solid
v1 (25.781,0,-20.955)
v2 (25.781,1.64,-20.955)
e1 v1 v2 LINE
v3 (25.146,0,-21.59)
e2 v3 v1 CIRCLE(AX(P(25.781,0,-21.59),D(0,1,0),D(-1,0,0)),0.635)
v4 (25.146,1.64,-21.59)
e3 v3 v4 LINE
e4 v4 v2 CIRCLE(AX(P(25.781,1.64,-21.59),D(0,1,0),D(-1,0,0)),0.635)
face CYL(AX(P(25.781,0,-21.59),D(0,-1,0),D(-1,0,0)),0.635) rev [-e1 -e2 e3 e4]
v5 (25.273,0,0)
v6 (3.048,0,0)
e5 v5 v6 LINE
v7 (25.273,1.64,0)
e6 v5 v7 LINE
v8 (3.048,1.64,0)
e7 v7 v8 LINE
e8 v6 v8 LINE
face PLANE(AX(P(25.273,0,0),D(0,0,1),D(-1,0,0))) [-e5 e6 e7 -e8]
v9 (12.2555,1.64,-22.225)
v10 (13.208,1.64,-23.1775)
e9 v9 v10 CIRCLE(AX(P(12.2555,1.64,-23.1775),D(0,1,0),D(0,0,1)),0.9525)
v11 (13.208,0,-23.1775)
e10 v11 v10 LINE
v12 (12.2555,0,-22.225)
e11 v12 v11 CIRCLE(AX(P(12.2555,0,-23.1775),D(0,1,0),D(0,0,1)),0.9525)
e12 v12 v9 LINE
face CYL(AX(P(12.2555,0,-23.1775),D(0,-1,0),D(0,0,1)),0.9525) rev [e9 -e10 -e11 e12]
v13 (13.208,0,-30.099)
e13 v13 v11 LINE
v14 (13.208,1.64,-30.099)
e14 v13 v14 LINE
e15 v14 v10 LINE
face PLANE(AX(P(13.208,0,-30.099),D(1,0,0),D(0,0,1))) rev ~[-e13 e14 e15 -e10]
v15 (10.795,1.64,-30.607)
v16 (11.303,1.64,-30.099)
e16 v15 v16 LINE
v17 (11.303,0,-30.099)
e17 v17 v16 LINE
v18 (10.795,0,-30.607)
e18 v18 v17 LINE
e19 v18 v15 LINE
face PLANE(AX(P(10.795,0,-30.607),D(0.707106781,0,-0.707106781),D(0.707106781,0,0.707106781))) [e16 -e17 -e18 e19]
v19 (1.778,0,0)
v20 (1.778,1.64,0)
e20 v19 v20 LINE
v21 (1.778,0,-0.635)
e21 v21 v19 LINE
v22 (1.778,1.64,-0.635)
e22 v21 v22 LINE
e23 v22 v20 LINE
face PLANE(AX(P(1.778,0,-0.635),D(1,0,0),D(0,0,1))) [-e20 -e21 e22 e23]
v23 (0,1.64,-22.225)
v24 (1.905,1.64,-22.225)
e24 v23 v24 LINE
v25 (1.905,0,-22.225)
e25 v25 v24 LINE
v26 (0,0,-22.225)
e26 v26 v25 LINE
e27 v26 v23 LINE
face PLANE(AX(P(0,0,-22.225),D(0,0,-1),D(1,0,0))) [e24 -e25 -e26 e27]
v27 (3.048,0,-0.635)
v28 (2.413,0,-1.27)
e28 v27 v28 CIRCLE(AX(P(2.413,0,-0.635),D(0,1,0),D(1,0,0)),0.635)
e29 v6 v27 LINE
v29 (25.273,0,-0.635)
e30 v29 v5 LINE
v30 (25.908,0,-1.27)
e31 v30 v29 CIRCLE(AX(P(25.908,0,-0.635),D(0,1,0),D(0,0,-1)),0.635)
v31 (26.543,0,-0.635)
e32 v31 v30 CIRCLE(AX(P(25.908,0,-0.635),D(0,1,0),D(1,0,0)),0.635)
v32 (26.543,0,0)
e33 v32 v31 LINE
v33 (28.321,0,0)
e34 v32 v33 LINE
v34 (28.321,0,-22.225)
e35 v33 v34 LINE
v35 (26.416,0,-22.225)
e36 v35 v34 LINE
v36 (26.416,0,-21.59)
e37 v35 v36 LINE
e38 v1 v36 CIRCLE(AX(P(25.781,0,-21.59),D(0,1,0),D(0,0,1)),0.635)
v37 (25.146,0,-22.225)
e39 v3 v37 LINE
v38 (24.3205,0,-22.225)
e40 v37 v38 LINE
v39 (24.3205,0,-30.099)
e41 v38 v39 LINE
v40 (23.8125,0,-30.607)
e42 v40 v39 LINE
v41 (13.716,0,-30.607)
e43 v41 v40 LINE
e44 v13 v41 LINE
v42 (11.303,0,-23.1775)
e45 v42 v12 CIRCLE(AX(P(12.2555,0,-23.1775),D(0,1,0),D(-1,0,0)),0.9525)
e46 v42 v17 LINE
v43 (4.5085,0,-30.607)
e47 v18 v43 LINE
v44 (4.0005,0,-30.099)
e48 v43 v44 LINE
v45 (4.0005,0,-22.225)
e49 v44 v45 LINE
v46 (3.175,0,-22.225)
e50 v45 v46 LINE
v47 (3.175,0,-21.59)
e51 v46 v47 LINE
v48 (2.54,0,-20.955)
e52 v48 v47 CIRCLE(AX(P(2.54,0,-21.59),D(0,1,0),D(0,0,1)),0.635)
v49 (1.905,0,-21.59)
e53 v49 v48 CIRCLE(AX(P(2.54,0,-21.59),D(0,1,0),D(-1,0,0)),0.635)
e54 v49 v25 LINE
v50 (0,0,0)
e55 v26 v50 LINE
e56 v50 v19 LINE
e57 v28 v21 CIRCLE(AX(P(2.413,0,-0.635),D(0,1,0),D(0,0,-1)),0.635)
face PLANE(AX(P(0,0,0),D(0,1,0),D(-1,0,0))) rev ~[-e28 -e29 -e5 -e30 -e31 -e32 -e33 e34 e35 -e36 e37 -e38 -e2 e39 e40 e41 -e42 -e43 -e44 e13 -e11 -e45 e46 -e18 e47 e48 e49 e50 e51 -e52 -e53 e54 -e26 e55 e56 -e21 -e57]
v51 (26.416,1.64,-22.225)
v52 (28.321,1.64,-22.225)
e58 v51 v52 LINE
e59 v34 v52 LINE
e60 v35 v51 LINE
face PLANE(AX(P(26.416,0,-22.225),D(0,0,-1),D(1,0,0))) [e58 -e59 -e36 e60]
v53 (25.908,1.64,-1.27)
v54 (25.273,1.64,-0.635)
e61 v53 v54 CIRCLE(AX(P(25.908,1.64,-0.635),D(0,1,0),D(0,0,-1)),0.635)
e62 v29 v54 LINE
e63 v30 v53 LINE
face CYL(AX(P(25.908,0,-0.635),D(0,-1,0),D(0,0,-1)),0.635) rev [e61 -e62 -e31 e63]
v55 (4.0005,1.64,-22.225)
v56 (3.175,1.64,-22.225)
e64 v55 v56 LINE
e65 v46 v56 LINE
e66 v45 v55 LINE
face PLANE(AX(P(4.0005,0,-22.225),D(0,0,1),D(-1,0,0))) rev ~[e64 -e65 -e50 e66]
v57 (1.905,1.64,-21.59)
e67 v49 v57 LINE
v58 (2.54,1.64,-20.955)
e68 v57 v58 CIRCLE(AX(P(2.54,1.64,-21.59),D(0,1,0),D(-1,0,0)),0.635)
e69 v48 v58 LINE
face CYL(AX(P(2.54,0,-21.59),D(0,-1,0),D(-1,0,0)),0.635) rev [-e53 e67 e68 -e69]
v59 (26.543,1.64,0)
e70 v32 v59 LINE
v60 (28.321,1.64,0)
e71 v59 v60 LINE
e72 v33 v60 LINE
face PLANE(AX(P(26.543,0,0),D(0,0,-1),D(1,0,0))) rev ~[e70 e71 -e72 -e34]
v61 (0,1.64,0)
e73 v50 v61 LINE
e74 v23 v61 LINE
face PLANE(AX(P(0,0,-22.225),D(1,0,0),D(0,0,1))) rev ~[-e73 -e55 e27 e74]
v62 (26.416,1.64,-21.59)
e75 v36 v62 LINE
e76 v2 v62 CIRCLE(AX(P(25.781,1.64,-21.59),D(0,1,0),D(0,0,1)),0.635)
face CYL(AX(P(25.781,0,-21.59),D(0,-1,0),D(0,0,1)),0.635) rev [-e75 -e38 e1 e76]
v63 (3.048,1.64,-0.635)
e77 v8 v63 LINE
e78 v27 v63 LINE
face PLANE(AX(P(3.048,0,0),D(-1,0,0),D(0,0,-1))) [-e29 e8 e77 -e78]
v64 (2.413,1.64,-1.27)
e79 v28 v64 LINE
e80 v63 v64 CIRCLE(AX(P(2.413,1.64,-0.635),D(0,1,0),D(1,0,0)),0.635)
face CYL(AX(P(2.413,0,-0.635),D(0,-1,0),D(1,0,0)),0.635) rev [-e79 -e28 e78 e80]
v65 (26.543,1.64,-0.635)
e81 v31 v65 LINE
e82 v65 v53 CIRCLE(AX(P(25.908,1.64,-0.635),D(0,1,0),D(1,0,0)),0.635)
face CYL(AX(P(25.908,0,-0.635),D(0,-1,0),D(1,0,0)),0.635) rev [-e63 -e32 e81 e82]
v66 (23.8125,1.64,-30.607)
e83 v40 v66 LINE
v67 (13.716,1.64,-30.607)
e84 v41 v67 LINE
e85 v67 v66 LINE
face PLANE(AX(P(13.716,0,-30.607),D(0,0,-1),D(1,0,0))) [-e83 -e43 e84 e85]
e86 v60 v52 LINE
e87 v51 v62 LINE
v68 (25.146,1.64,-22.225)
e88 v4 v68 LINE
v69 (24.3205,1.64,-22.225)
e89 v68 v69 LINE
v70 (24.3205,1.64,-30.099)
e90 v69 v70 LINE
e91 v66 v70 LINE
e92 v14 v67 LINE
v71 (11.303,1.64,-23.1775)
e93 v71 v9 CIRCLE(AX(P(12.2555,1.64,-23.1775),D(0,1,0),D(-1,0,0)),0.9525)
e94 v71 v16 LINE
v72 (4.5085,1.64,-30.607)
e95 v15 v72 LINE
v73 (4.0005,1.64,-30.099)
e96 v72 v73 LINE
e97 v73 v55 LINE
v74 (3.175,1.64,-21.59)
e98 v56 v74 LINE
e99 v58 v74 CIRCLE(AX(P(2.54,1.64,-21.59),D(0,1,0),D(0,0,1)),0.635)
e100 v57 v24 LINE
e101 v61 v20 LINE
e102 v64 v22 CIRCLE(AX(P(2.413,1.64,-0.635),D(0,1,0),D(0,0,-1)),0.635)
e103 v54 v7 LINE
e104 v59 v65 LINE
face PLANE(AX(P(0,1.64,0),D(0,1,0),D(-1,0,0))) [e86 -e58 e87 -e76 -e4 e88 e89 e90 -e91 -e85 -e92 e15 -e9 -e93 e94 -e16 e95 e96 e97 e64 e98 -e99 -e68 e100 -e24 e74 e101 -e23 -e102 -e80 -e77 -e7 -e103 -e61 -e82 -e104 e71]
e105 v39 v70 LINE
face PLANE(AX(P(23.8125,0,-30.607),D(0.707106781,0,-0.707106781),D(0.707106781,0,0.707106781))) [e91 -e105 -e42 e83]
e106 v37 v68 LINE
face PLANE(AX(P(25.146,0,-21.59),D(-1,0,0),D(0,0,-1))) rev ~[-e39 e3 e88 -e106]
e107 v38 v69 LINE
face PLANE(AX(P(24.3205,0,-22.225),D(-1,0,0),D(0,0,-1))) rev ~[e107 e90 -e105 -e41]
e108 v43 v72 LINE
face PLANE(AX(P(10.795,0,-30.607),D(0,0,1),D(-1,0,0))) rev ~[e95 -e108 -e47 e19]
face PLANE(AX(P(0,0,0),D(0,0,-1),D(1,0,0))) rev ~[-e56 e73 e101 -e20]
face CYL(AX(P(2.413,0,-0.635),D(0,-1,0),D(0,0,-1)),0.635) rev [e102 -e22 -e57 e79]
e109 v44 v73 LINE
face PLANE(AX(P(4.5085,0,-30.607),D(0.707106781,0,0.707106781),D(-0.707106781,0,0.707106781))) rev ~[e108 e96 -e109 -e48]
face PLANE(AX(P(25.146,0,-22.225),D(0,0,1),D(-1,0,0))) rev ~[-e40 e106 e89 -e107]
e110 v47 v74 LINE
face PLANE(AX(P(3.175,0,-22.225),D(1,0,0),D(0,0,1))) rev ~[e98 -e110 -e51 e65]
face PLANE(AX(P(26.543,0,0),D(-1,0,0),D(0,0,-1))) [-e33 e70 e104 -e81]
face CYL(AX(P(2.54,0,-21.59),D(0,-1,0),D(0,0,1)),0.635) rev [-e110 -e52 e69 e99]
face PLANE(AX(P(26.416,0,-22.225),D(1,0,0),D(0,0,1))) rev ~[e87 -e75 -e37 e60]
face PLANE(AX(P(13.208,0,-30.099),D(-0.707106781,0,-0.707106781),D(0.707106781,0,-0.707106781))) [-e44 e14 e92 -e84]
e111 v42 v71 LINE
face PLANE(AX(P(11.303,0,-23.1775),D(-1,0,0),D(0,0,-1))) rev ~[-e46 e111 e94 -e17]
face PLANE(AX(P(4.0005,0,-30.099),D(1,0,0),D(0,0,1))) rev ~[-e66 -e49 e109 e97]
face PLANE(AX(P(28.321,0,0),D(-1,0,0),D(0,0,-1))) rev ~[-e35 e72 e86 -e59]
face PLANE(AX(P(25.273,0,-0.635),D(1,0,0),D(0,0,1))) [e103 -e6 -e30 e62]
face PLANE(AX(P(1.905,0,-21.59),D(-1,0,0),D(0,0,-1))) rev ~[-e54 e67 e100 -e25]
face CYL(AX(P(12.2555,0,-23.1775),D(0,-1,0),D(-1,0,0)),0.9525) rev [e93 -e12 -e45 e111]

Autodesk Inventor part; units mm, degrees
ref_plane "YZ Plane" through (0, 0, 0) normal (1, 0, 0) x (0, 1, 0)
ref_plane "XZ Plane" through (0, 0, 0) normal (0, 1, 0) x (-1, 0, 0)
ref_plane "XY Plane" through (0, 0, 0) normal (0, 0, 1) x (1, 0, 0)
sketch "Sketch1" plane through (0, 0, 0) normal (0, 1, 0) x (-1, 0, 0)
  line L0 (0, 0) -> (-28.321, 0) construction
  line L1 (-28.321, 0) -> (-28.321, -22.225)
  line L2 (-28.321, -22.225) -> (0, -22.225) construction
  line L3 (0, -22.225) -> (0, 0)
  line L4 (-1.778, 0) -> (-3.048, 0) construction
  line L5 (-3.048, 0) -> (-3.048, -0.635)
  line L6 (-2.413, -1.27) -> (-2.413, -1.27)
  line L7 (-1.778, -0.635) -> (-1.778, 0)
  arc A0 (-2.413, -1.27) -> (-1.778, -0.635) centre (-2.413, -0.635) ccw
  arc A1 (-3.048, -0.635) -> (-2.413, -1.27) centre (-2.413, -0.635) ccw
  line L8 (0, 0) -> (-1.778, 0)
  line L9 (0, -11.1125) -> (-6.6148, -11.1125) construction
  line L10 (-14.1605, -22.225) -> (-14.1605, -12.0846) construction
  line L11 (-25.273, 0) -> (-26.543, 0) construction
  line L12 (-26.543, 0) -> (-26.543, -0.635)
  line L13 (-25.908, -1.27) -> (-25.908, -1.27)
  line L14 (-25.273, -0.635) -> (-25.273, 0)
  arc A2 (-25.908, -1.27) -> (-25.273, -0.635) centre (-25.908, -0.635) ccw
  arc A3 (-26.543, -0.635) -> (-25.908, -1.27) centre (-25.908, -0.635) ccw
  line L15 (-26.543, 0) -> (-28.321, 0)
  line L16 (-25.273, 0) -> (-3.048, 0)
  line L17 (-25.146, -22.225) -> (-26.416, -22.225) construction
  line L18 (-26.416, -22.225) -> (-26.416, -21.59)
  line L19 (-25.781, -20.955) -> (-25.781, -20.955)
  line L20 (-25.146, -21.59) -> (-25.146, -22.225)
  line L21 (-1.905, -22.225) -> (-3.175, -22.225) construction
  line L22 (-3.175, -22.225) -> (-3.175, -21.59)
  line L23 (-2.54, -20.955) -> (-2.54, -20.955)
  line L24 (-1.905, -21.59) -> (-1.905, -22.225)
  line L25 (0, -22.225) -> (-1.905, -22.225)
  arc A4 (-1.905, -21.59) -> (-2.54, -20.955) centre (-2.54, -21.59) ccw
  arc A5 (-2.54, -20.955) -> (-3.175, -21.59) centre (-2.54, -21.59) ccw
  arc A6 (-25.146, -21.59) -> (-25.781, -20.955) centre (-25.781, -21.59) ccw
  arc A7 (-25.781, -20.955) -> (-26.416, -21.59) centre (-25.781, -21.59) ccw
  line L26 (-26.416, -22.225) -> (-28.321, -22.225)
  line L27 (-4.0005, -22.225) -> (-24.3205, -22.225) construction
  line L28 (-24.3205, -22.225) -> (-24.3205, -30.099)
  line L29 (-23.8125, -30.607) -> (-4.5085, -30.607) construction
  line L30 (-4.0005, -30.099) -> (-4.0005, -22.225)
  line L31 (-4.5085, -30.607) -> (-4.0005, -30.099)
  line L32 (-23.8125, -30.607) -> (-24.3205, -30.099)
  line L33 (-11.303, -30.607) -> (-13.208, -30.607) construction
  line L34 (-13.208, -30.099) -> (-13.208, -23.1775)
  line L35 (-12.2555, -22.225) -> (-12.2555, -22.225)
  line L36 (-11.303, -23.1775) -> (-11.303, -30.099)
  arc A8 (-12.2555, -22.225) -> (-13.208, -23.1775) centre (-12.2555, -23.1775) ccw
  arc A9 (-11.303, -23.1775) -> (-12.2555, -22.225) centre (-12.2555, -23.1775) ccw
  line L37 (-13.716, -30.607) -> (-23.8125, -30.607)
  line L38 (-10.795, -30.607) -> (-4.5085, -30.607)
  line L39 (-4.0005, -22.225) -> (-3.175, -22.225)
  line L40 (-25.146, -22.225) -> (-24.3205, -22.225)
  line L41 (-10.795, -30.607) -> (-11.303, -30.099)
  line L42 (-13.208, -30.099) -> (-13.716, -30.607)
  point P0 (-2.413, 0)
  point P1 (-26.543, -1.27)
  point P2 (-25.273, -1.27)
  point P3 (-25.908, 0)
  point P4 (-2.54, -22.225)
  point P5 (-25.781, -22.225)
  point P6 (-24.3205, -30.607)
  point P7 (-4.0005, -30.607)
  point P8 (-13.208, -22.225)
  dimension "d0" = 22.225
  dimension "d1" = 28.321
  dimension "d2" = 1.27
  dimension "d3" = 2.413
  dimension "d4" = 1.27
  dimension "d5" = 0.635
  dimension "d6" = 1.27
  dimension "d7" = 1.27
  dimension "d8" = 2.413
  dimension "d9" = 0.635
  dimension "d12" = 1.27
  dimension "d13" = 1.27
  dimension "d14" = 1.27
  dimension "d15" = 1.27
  dimension "d16" = 2.54
  dimension "d17" = 0.635
  dimension "d18" = 2.54
  dimension "d19" = 0.635
  dimension "d20" = 20.32
  dimension "d21" = 0.508
  dimension "d22" = 0.508
  dimension "d23" = 0.508
  dimension "d24" = 0.508
  dimension "d25" = 8.382
  dimension "d26" = 1.905
  dimension "d27" = 0.9525
  dimension "d28" = 8.255
  dimension "d29" = 0.508
  dimension "d30" = 0.508
  dimension "d31" = 0.508
  dimension "d32" = 0.508
  dimension "d40" = 23.495
extrude "Extrusion1" add sketch "Sketch1" along normal blind 1.64
sketch "Sketch2" plane through (0, 1.64, 0) normal (0, 1, 0) x (1, 0, 0)
  line L0 (6, -1) -> (22.321, -1)
  line L1 (22.321, -1) -> (22.321, 6)
  line L2 (22.321, 6) -> (6, 6)
  line L3 (6, 6) -> (6, -1)
  line L4 (0, 22.225) -> (0, 0) projected
  line L5 (28.321, 0) -> (28.321, 22.225) projected
  line L6 (3.048, 0) -> (25.273, 0) projected
  dimension "d35" = 7
  dimension "d36" = 6
  dimension "d37" = 6
  dimension "d38" = 1
equation "\"d22\" = d21"
equation "\"d23\" = d21"
equation "\"d24\" = d23"
equation "\"d30\" = d29"
equation "\"d31\" = d29"
equation "\"d32\" = d31"
properties part number "HDMI Plugin Module"
